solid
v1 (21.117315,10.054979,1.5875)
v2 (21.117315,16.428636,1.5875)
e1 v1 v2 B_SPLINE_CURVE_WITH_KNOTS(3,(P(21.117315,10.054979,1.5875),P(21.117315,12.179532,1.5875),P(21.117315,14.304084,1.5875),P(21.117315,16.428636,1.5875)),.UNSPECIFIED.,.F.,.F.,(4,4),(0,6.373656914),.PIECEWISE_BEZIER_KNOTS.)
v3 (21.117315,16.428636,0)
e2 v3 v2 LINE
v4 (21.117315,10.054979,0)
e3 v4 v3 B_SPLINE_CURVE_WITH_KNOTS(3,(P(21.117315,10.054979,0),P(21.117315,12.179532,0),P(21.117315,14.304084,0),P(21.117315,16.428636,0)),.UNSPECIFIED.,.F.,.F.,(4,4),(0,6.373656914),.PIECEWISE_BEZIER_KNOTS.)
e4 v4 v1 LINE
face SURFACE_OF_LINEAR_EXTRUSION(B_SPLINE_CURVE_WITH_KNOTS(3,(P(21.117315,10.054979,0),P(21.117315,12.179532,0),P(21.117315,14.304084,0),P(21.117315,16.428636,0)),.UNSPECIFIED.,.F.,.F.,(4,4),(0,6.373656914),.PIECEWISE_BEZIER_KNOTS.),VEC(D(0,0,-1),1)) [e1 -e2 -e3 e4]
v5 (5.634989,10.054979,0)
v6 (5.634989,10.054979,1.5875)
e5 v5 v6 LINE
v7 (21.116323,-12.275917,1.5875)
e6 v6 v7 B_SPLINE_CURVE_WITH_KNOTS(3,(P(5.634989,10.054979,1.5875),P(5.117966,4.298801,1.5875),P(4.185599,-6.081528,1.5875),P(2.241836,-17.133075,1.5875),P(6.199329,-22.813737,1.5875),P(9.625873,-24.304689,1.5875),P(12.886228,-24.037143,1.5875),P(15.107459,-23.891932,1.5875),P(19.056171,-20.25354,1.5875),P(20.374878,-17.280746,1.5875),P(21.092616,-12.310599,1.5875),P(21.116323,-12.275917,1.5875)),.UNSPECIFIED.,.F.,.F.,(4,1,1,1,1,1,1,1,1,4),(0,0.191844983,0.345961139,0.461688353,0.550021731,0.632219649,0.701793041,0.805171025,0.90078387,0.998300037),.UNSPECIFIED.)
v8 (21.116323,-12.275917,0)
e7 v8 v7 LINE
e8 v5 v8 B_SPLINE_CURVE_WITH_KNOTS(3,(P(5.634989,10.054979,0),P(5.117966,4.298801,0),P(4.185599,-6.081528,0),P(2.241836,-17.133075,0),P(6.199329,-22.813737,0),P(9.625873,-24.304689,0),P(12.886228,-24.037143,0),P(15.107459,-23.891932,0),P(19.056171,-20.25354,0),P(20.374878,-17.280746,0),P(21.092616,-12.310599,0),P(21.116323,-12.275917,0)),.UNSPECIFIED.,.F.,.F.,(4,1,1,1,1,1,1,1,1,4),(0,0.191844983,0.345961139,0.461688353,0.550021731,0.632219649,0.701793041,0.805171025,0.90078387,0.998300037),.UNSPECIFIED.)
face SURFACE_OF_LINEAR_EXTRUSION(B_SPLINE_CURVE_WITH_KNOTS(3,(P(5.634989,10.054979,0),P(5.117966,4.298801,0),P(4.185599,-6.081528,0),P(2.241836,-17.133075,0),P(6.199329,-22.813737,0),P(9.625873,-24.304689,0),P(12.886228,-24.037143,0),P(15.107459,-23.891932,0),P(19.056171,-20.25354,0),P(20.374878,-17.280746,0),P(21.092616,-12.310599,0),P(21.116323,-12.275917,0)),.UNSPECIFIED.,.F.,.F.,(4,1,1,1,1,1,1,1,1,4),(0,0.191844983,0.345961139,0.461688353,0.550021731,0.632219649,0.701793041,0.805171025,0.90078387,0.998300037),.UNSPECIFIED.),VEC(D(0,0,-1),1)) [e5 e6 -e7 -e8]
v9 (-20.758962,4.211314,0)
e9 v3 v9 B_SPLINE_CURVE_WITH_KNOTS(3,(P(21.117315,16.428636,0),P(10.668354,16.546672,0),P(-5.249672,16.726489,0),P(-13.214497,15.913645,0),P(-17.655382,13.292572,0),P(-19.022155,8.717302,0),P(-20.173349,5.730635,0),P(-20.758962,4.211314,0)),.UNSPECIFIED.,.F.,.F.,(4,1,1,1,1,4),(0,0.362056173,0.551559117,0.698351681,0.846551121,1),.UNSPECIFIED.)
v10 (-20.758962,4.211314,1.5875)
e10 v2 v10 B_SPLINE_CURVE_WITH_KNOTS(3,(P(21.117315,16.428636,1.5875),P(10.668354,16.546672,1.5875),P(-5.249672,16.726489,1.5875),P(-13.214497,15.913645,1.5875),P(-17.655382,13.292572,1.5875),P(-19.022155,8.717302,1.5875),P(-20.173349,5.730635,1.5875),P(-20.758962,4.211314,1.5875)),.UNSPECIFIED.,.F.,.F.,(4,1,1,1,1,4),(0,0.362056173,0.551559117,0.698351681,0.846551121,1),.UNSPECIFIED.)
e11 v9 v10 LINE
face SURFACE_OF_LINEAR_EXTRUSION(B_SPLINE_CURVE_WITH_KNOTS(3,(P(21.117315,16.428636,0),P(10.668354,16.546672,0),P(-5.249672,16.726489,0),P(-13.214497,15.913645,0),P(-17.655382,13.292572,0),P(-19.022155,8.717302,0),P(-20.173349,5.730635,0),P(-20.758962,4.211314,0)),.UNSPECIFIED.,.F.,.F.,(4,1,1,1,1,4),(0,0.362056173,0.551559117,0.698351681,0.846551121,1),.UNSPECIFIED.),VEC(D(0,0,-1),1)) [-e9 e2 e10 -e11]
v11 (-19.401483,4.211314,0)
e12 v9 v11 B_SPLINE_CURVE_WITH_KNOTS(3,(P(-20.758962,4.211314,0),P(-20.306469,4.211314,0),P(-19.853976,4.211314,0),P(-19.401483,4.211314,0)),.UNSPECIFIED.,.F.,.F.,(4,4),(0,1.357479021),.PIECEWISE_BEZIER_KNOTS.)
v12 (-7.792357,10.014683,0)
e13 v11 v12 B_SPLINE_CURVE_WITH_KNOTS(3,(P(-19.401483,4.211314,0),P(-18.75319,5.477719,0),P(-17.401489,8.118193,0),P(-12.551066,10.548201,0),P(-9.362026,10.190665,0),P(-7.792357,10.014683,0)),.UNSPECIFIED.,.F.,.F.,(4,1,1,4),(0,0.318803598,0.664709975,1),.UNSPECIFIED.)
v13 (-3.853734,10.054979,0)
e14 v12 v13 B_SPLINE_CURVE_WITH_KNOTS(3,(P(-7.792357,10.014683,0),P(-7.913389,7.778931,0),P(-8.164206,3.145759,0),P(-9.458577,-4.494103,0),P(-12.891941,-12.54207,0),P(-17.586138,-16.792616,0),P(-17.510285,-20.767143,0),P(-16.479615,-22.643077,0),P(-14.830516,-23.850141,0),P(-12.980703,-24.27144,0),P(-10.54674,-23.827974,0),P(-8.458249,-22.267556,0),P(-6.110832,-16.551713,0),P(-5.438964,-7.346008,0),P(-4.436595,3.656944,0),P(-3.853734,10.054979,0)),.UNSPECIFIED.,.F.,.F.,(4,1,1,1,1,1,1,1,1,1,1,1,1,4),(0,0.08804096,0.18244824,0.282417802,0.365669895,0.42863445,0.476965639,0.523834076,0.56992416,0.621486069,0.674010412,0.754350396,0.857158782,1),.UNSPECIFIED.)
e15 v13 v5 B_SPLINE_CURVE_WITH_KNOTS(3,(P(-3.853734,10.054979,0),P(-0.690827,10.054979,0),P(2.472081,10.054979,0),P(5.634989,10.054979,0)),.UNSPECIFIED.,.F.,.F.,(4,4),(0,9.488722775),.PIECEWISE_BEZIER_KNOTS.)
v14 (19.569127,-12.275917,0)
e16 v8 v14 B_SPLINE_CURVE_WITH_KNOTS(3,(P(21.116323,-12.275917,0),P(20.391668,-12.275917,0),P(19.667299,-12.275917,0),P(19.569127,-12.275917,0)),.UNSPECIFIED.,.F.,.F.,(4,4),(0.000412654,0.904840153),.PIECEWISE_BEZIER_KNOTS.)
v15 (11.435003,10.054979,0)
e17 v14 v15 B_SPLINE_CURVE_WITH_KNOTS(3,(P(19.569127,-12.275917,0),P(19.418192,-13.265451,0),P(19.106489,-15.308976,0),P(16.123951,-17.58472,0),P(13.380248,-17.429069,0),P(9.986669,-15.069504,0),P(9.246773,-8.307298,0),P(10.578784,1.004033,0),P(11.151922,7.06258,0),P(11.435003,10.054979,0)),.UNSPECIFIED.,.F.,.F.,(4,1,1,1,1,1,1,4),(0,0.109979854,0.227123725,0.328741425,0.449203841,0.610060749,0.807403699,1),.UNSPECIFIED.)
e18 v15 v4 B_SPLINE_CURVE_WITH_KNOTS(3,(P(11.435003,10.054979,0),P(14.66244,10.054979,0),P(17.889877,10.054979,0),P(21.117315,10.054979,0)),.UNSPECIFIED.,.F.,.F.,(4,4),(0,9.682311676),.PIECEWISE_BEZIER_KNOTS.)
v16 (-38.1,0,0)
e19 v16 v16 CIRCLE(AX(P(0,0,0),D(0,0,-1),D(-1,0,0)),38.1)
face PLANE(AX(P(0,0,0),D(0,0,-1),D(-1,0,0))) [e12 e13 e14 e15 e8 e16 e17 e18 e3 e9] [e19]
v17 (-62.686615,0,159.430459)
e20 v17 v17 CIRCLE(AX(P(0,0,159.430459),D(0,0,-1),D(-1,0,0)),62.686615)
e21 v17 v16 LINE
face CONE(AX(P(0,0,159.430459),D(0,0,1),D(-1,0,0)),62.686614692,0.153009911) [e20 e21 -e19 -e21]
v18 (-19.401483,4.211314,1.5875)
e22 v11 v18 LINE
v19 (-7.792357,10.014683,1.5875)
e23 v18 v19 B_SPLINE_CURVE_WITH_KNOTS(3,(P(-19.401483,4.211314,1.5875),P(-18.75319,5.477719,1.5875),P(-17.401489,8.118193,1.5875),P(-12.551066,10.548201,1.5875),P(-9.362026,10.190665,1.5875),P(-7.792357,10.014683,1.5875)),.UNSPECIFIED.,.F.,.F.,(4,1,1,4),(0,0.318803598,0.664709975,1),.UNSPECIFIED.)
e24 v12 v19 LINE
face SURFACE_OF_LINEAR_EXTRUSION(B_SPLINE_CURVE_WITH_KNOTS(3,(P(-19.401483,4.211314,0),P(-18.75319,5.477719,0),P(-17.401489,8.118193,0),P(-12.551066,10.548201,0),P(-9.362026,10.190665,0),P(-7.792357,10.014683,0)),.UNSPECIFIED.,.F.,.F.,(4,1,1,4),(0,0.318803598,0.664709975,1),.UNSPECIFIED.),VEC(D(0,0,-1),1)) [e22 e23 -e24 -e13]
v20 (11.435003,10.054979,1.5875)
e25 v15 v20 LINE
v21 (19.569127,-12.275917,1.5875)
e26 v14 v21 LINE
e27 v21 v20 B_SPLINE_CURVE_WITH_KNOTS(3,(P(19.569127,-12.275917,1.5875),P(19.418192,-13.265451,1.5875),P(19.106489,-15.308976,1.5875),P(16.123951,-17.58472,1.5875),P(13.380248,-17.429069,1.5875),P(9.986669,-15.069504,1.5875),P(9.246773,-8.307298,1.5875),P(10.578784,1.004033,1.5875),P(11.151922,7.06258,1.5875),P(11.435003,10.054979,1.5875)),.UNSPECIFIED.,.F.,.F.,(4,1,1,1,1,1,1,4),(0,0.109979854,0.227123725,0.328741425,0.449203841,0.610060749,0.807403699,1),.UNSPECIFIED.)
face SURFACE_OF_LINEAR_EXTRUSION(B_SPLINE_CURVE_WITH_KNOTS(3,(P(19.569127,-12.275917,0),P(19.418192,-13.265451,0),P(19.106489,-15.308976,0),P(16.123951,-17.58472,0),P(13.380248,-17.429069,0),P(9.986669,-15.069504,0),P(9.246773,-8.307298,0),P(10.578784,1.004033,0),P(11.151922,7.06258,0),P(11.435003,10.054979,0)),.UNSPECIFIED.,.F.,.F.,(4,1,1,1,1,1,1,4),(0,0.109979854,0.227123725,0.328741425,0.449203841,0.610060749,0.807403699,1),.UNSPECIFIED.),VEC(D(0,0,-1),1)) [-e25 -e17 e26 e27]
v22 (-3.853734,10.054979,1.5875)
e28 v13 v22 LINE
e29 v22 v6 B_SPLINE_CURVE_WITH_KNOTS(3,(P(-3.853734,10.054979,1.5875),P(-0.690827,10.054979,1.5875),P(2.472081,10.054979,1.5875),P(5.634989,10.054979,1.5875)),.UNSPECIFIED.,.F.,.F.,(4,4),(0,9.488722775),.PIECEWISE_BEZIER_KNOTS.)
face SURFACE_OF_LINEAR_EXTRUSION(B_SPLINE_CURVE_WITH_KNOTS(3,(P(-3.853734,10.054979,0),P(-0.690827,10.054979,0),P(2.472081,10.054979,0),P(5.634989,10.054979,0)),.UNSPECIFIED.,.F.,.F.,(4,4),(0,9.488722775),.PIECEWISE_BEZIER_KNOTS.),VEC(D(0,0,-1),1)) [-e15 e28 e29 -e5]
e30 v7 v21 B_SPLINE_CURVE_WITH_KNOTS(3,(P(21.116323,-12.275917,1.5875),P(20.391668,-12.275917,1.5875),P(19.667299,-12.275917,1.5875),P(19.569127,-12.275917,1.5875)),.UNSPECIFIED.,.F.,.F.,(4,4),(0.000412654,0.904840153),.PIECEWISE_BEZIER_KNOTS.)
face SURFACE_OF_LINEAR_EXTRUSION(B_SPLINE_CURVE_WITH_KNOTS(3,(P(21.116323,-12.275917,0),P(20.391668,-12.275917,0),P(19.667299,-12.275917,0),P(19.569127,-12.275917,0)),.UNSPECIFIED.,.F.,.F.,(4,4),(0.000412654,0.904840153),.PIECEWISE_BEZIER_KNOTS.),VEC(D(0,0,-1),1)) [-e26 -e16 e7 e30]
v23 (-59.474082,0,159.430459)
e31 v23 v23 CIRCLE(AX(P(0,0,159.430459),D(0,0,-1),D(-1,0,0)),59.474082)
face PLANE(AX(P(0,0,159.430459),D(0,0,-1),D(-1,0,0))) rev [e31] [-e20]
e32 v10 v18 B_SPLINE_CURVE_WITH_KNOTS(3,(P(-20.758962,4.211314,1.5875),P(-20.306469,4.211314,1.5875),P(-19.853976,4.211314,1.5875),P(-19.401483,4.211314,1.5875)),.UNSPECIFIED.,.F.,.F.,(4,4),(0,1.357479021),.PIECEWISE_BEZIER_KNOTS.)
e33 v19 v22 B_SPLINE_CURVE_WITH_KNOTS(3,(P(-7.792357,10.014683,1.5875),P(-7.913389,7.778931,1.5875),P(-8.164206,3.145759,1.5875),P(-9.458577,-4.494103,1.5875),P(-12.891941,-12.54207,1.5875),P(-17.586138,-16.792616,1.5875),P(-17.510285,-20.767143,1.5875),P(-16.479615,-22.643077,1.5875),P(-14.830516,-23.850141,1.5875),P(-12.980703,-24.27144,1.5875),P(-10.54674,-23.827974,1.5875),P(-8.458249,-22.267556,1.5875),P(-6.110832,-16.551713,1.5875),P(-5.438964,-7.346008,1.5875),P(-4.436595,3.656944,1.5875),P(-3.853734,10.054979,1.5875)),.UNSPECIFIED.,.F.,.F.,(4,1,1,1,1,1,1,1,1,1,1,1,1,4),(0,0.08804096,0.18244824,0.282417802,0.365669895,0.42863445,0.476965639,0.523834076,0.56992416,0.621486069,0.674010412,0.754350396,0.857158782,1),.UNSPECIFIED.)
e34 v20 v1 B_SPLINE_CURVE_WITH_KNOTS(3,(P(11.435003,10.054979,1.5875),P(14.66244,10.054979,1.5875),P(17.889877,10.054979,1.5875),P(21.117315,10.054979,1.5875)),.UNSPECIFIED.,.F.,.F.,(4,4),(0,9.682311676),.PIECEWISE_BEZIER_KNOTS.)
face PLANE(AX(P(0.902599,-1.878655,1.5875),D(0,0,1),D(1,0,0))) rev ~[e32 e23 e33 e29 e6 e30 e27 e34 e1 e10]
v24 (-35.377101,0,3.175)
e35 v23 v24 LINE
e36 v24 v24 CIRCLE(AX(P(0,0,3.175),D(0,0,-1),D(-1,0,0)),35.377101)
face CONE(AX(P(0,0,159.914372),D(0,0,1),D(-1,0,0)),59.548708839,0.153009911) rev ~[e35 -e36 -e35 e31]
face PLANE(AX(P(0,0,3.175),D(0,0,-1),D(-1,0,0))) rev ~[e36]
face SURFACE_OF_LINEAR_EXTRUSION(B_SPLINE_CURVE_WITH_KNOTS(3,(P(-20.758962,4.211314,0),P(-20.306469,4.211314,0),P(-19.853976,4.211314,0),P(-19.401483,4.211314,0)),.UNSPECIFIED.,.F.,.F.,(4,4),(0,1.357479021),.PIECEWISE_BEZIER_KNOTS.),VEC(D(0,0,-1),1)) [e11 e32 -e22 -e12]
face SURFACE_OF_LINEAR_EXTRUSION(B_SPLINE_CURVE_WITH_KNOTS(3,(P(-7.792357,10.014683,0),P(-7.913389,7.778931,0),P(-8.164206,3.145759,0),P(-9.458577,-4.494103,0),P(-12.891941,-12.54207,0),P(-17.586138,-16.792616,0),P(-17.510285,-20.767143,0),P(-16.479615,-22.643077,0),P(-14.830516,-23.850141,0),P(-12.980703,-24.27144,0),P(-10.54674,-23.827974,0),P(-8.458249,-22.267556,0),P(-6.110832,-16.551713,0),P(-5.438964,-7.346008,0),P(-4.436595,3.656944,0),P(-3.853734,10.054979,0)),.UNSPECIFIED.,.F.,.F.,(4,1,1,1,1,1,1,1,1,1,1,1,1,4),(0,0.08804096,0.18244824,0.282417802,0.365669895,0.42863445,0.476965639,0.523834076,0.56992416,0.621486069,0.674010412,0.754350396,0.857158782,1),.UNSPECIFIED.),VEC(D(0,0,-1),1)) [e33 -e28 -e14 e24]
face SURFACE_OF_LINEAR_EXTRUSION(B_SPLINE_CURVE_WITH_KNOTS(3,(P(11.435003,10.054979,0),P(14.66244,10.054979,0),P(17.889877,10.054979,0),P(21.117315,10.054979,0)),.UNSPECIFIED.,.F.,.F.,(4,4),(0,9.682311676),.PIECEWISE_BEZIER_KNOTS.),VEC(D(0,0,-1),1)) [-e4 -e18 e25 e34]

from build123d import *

# Parameters (mm, degrees)
F2_T     = -3.175
F4_DEPTH = 1.5875


with BuildPart() as f1:
    # F0 (on Front) → F1 (revolve)
    with BuildSketch(Plane.XZ):
        Polygon((-38.1, 0), (0, 0), (0, 159.4304591417), (-62.6866146922, 159.4304591417), align=None)
    revolve(axis=Axis((0, 0, 79.7152295709), (0, 0, -1)))

    # F2
    f2_openings = [f1.faces().sort_by_distance(p)[0] for p in [
        (0, 0, 159.430459),
    ]]
    offset(amount=F2_T, openings=f2_openings)

    # F3 (on Top) → F4 (cut)
    with BuildSketch(Plane.XY):
        with BuildLine():
            add(Edge.make_bspline(
                [(-19.4014832377, 4.2113135569), (-18.7531898055, 5.4777192579), (-17.4014889021, 8.1181929151), (-12.5510655032, 10.5482010959), (-9.3620261804, 10.190664987), (-7.7923568897, 10.0146830082)],
                knots=[0, 0, 0, 0, 0.318803598, 0.6647099753, 1, 1, 1, 1], degree=3))
            add(Edge.make_bspline(
                [(-7.7923568897, 10.0146830082), (-7.9133892647, 7.7789314659), (-8.1642059751, 3.1457591674), (-9.4585773774, -4.4941025574), (-12.891941134, -12.5420703822), (-17.5861383279, -16.7926160144), (-17.5102852366, -20.7671425935), (-16.4796150747, -22.6430773976), (-14.8305156939, -23.8501410331), (-12.9807029748, -24.2714401619), (-10.5467395482, -23.8279743211), (-8.4582492729, -22.2675558352), (-6.1108322547, -16.5517126321), (-5.438963665, -7.3460077185), (-4.4365950396, 3.6569436415), (-3.853734117, 10.0549794734)],
                knots=[0, 0, 0, 0, 0.0880409595, 0.1824482404, 0.2824178019, 0.3656698949, 0.4286344499, 0.4769656385, 0.5238340761, 0.5699241603, 0.6214860687, 0.6740104117, 0.754350396, 0.8571587825, 1, 1, 1, 1], degree=3))
            add(Edge.make_bspline(
                [(-3.853734117, 10.0549794734), (-0.6908265253, 10.0549794734), (2.4720810664, 10.0549794734), (5.6349886581, 10.0549794734)],
                knots=[0, 0, 0, 0, 9.4887227751, 9.4887227751, 9.4887227751, 9.4887227751], degree=3))
            add(Edge.make_bspline(
                [(5.6349886581, 10.0549794734), (5.1179656529, 4.2988011186), (4.1855989826, -6.0815277883), (2.2418363662, -17.133074814), (6.1993286809, -22.8137367886), (9.6258734077, -24.3046887574), (12.8862283177, -24.0371426728), (15.1074594417, -23.8919320147), (19.0561707704, -20.2535401147), (20.3748776318, -17.2807457035), (21.0926160049, -12.3105993929), (21.1163228045, -12.2759174556)],
                knots=[0, 0, 0, 0, 0.1918449829, 0.3459611394, 0.461688353, 0.5500217309, 0.6322196488, 0.7017930408, 0.8051710251, 0.9007838703, 0.9983000374, 0.9983000374, 0.9983000374, 0.9983000374], degree=3))
            add(Edge.make_bspline(
                [(21.1163228045, -12.2759174556), (20.3916681002, -12.2759174556), (19.6672989739, -12.2759174556), (19.5691268891, -12.2759174556)],
                knots=[0.0004126536, 0.0004126536, 0.0004126536, 0.0004126536, 0.9048401528, 0.9048401528, 0.9048401528, 0.9048401528], degree=3))
            add(Edge.make_bspline(
                [(19.5691268891, -12.2759174556), (19.418191644, -13.2654511474), (19.1064893287, -15.3089761217), (16.123951194, -17.5847200897), (13.3802481357, -17.4290693932), (9.9866685411, -15.0695037941), (9.2467731261, -8.3072976675), (10.5787837329, 1.0040330336), (11.1519221552, 7.0625804664), (11.4350030199, 10.0549794734)],
                knots=[0, 0, 0, 0, 0.1099798537, 0.2271237245, 0.3287414252, 0.4492038413, 0.610060749, 0.8074036986, 1, 1, 1, 1], degree=3))
            add(Edge.make_bspline(
                [(11.4350030199, 10.0549794734), (14.6624402454, 10.0549794734), (17.8898774708, 10.0549794734), (21.1173146963, 10.0549794734)],
                knots=[0, 0, 0, 0, 9.6823116764, 9.6823116764, 9.6823116764, 9.6823116764], degree=3))
            add(Edge.make_bspline(
                [(21.1173146963, 10.0549794734), (21.1173146963, 12.1795317779), (21.1173146963, 14.3040840824), (21.1173146963, 16.428636387)],
                knots=[0, 0, 0, 0, 6.3736569136, 6.3736569136, 6.3736569136, 6.3736569136], degree=3))
            add(Edge.make_bspline(
                [(21.1173146963, 16.428636387), (10.6683538258, 16.5466721162), (-5.2496723323, 16.7264886403), (-13.2144965635, 15.9136449775), (-17.6553820034, 13.2925715926), (-19.0221552591, 8.7173019267), (-20.1733487063, 5.7306348498), (-20.7589622587, 4.2113135569)],
                knots=[0, 0, 0, 0, 0.3620561729, 0.551559117, 0.6983516808, 0.8465511212, 1, 1, 1, 1], degree=3))
            add(Edge.make_bspline(
                [(-20.7589622587, 4.2113135569), (-20.3064692517, 4.2113135569), (-19.8539762447, 4.2113135569), (-19.4014832377, 4.2113135569)],
                knots=[0, 0, 0, 0, 1.357479021, 1.357479021, 1.357479021, 1.357479021], degree=3))
        make_face()
    extrude(amount=F4_DEPTH, mode=Mode.SUBTRACT)


solid = f1.part
